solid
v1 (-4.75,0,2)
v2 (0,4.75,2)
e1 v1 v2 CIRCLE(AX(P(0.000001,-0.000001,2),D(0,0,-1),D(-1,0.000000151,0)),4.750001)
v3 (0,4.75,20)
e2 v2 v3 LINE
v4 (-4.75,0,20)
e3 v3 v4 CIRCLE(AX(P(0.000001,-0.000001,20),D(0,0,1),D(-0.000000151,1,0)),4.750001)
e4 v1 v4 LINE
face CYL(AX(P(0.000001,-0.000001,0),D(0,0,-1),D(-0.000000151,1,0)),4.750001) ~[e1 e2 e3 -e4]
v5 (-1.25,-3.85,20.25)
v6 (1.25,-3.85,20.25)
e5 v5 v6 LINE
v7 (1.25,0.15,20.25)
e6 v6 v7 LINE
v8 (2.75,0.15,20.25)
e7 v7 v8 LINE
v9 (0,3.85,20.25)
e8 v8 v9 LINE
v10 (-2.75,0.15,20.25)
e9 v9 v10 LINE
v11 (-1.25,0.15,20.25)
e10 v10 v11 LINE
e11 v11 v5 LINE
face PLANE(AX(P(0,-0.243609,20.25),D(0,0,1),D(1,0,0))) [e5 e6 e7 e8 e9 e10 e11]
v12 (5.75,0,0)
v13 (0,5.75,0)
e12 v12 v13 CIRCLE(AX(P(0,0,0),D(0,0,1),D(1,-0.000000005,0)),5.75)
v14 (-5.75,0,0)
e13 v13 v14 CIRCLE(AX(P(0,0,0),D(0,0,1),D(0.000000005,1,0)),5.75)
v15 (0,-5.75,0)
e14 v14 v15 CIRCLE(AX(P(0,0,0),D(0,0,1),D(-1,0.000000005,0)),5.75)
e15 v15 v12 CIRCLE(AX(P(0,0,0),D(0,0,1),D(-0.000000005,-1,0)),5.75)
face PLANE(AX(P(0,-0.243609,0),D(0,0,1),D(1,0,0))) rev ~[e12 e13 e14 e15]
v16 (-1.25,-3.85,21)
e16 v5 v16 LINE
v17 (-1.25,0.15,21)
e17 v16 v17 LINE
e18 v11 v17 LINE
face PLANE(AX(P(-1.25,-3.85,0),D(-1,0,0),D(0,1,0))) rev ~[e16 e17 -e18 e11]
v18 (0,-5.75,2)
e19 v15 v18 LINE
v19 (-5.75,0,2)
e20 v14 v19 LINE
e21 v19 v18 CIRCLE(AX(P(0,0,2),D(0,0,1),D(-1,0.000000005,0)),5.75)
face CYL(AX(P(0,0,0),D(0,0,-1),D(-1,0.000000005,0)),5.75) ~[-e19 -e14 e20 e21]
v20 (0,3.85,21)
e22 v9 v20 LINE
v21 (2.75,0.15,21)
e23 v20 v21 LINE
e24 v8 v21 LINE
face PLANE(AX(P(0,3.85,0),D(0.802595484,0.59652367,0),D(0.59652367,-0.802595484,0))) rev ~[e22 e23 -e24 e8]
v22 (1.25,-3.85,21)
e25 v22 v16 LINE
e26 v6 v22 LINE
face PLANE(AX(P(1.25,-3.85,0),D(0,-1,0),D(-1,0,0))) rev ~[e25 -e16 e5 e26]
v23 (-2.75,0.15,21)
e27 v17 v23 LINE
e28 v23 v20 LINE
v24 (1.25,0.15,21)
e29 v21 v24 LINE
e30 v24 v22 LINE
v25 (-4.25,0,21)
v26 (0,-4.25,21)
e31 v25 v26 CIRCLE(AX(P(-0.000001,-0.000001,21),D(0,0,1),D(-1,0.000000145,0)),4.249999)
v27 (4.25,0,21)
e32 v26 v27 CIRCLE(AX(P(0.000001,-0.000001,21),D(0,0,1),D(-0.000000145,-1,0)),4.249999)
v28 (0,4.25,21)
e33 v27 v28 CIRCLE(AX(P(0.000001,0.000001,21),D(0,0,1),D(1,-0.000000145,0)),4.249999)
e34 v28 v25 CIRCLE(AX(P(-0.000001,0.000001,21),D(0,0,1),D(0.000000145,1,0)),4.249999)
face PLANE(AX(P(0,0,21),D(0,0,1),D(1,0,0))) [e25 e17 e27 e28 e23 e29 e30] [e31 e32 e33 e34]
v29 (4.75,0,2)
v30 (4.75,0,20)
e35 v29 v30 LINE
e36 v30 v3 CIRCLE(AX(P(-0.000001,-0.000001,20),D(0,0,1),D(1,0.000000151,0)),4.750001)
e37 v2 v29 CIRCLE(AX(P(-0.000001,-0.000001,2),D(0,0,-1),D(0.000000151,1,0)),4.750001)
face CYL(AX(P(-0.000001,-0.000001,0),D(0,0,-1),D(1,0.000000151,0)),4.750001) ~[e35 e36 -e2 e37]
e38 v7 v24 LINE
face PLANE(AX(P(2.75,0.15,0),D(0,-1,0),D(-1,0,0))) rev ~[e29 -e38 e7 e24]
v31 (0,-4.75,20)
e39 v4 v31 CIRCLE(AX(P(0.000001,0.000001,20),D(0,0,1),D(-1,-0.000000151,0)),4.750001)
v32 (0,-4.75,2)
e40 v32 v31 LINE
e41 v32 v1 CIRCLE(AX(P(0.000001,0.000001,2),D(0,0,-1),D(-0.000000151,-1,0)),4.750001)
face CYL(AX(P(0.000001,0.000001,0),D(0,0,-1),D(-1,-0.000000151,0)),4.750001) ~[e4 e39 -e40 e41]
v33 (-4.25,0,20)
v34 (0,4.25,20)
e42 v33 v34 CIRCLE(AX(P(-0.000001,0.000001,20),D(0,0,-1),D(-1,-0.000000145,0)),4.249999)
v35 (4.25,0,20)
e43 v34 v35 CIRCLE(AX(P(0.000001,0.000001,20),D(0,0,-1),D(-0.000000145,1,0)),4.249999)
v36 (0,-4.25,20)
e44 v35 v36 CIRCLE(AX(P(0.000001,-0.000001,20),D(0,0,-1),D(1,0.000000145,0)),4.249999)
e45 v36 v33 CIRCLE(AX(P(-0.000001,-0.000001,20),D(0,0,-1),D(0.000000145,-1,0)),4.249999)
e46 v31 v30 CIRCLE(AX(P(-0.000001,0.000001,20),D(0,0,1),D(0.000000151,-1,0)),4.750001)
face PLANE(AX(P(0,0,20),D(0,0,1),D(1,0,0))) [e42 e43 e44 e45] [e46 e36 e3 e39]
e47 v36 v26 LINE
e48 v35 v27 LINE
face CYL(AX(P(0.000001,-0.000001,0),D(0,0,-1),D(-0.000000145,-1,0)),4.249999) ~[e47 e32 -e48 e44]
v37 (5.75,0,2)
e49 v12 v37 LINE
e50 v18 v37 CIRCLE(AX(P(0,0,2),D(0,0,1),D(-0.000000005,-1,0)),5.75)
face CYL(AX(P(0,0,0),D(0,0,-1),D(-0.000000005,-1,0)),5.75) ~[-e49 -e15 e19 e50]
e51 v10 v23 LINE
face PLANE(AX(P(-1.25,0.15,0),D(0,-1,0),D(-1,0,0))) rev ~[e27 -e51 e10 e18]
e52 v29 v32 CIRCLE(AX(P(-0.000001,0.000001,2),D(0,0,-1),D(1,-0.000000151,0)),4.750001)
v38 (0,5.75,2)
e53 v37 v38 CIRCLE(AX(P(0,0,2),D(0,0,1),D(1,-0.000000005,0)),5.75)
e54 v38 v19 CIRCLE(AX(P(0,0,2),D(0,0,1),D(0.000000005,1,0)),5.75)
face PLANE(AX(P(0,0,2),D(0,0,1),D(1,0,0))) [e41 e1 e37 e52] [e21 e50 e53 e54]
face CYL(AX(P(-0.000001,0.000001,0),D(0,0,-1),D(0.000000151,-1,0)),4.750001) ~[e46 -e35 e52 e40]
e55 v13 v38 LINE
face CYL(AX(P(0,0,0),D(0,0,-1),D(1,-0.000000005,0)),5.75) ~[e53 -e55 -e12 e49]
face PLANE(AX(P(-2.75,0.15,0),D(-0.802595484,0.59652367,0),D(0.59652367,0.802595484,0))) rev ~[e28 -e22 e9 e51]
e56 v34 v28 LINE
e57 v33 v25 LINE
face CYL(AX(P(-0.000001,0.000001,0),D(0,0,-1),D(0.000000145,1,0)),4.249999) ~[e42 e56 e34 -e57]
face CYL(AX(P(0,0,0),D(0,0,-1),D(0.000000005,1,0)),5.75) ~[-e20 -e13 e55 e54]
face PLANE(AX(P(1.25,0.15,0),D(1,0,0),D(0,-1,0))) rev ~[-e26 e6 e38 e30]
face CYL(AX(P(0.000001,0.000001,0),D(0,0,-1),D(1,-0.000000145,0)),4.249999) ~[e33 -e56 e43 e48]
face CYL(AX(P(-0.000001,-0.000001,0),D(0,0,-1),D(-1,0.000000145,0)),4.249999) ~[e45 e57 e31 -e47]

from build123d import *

# Parameters (mm, degrees)
F1_DEPTH = 21
F2_DEPTH = 20
F3_DEPTH = 2
F4_DEPTH = 20.25


with BuildPart() as f1:
    # F0 (on Top) → F1 (new body)
    with BuildSketch(Plane.XY):
        with BuildLine():
            ThreePointArc((0, 4.25), (-3.005204, 3.005204), (-4.25, 0))
            ThreePointArc((-4.25, 0), (-3.005204, -3.005204), (0, -4.25))
            ThreePointArc((0, -4.25), (3.005204, -3.005204), (4.25, 0))
            ThreePointArc((4.25, 0), (3.005204, 3.005204), (0, 4.25))
        make_face()
        Polygon((1.25, -3.85), (-1.25, -3.85), (-1.25, 0.15), (-2.75, 0.15), (0, 3.85), (2.75, 0.15), (1.25, 0.15), align=None, mode=Mode.SUBTRACT)
    extrude(amount=F1_DEPTH)

    # F0 (on Top) → F2 (join)
    with BuildSketch(Plane.XY):
        with BuildLine():
            ThreePointArc((4.75, 0), (3.358757, 3.358757), (0, 4.75))
            ThreePointArc((0, 4.75), (-3.358757, 3.358757), (-4.75, 0))
            ThreePointArc((-4.75, 0), (-3.358757, -3.358757), (0, -4.75))
            ThreePointArc((0, -4.75), (3.358757, -3.358757), (4.75, 0))
        make_face()
        with BuildLine():
            ThreePointArc((0, -4.25), (-3.005204, -3.005204), (-4.25, 0))
            ThreePointArc((-4.25, 0), (-3.005204, 3.005204), (0, 4.25))
            ThreePointArc((0, 4.25), (3.005204, 3.005204), (4.25, 0))
            ThreePointArc((4.25, 0), (3.005204, -3.005204), (0, -4.25))
        make_face(mode=Mode.SUBTRACT)
    extrude(amount=F2_DEPTH)

    # F0 (on Top) → F3 (join)
    with BuildSketch(Plane.XY):
        with BuildLine():
            ThreePointArc((-5.75, 0), (-4.065864, -4.065864), (0, -5.75))
            ThreePointArc((0, -5.75), (4.065864, -4.065864), (5.75, 0))
            ThreePointArc((5.75, 0), (4.065864, 4.065864), (0, 5.75))
            ThreePointArc((0, 5.75), (-4.065864, 4.065864), (-5.75, 0))
        make_face()
        with BuildLine():
            ThreePointArc((-4.75, 0), (-3.358757, 3.358757), (0, 4.75))
            ThreePointArc((0, 4.75), (3.358757, 3.358757), (4.75, 0))
            ThreePointArc((4.75, 0), (3.358757, -3.358757), (0, -4.75))
            ThreePointArc((0, -4.75), (-3.358757, -3.358757), (-4.75, 0))
        make_face(mode=Mode.SUBTRACT)
    extrude(amount=F3_DEPTH)

    # F0 (on Top) → F4 (join)
    with BuildSketch(Plane.XY):
        Polygon((-1.25, 0.15), (-1.25, -3.85), (1.25, -3.85), (1.25, 0.15), (2.75, 0.15), (0, 3.85), (-2.75, 0.15), align=None)
    extrude(amount=F4_DEPTH)


solid = f1.part
